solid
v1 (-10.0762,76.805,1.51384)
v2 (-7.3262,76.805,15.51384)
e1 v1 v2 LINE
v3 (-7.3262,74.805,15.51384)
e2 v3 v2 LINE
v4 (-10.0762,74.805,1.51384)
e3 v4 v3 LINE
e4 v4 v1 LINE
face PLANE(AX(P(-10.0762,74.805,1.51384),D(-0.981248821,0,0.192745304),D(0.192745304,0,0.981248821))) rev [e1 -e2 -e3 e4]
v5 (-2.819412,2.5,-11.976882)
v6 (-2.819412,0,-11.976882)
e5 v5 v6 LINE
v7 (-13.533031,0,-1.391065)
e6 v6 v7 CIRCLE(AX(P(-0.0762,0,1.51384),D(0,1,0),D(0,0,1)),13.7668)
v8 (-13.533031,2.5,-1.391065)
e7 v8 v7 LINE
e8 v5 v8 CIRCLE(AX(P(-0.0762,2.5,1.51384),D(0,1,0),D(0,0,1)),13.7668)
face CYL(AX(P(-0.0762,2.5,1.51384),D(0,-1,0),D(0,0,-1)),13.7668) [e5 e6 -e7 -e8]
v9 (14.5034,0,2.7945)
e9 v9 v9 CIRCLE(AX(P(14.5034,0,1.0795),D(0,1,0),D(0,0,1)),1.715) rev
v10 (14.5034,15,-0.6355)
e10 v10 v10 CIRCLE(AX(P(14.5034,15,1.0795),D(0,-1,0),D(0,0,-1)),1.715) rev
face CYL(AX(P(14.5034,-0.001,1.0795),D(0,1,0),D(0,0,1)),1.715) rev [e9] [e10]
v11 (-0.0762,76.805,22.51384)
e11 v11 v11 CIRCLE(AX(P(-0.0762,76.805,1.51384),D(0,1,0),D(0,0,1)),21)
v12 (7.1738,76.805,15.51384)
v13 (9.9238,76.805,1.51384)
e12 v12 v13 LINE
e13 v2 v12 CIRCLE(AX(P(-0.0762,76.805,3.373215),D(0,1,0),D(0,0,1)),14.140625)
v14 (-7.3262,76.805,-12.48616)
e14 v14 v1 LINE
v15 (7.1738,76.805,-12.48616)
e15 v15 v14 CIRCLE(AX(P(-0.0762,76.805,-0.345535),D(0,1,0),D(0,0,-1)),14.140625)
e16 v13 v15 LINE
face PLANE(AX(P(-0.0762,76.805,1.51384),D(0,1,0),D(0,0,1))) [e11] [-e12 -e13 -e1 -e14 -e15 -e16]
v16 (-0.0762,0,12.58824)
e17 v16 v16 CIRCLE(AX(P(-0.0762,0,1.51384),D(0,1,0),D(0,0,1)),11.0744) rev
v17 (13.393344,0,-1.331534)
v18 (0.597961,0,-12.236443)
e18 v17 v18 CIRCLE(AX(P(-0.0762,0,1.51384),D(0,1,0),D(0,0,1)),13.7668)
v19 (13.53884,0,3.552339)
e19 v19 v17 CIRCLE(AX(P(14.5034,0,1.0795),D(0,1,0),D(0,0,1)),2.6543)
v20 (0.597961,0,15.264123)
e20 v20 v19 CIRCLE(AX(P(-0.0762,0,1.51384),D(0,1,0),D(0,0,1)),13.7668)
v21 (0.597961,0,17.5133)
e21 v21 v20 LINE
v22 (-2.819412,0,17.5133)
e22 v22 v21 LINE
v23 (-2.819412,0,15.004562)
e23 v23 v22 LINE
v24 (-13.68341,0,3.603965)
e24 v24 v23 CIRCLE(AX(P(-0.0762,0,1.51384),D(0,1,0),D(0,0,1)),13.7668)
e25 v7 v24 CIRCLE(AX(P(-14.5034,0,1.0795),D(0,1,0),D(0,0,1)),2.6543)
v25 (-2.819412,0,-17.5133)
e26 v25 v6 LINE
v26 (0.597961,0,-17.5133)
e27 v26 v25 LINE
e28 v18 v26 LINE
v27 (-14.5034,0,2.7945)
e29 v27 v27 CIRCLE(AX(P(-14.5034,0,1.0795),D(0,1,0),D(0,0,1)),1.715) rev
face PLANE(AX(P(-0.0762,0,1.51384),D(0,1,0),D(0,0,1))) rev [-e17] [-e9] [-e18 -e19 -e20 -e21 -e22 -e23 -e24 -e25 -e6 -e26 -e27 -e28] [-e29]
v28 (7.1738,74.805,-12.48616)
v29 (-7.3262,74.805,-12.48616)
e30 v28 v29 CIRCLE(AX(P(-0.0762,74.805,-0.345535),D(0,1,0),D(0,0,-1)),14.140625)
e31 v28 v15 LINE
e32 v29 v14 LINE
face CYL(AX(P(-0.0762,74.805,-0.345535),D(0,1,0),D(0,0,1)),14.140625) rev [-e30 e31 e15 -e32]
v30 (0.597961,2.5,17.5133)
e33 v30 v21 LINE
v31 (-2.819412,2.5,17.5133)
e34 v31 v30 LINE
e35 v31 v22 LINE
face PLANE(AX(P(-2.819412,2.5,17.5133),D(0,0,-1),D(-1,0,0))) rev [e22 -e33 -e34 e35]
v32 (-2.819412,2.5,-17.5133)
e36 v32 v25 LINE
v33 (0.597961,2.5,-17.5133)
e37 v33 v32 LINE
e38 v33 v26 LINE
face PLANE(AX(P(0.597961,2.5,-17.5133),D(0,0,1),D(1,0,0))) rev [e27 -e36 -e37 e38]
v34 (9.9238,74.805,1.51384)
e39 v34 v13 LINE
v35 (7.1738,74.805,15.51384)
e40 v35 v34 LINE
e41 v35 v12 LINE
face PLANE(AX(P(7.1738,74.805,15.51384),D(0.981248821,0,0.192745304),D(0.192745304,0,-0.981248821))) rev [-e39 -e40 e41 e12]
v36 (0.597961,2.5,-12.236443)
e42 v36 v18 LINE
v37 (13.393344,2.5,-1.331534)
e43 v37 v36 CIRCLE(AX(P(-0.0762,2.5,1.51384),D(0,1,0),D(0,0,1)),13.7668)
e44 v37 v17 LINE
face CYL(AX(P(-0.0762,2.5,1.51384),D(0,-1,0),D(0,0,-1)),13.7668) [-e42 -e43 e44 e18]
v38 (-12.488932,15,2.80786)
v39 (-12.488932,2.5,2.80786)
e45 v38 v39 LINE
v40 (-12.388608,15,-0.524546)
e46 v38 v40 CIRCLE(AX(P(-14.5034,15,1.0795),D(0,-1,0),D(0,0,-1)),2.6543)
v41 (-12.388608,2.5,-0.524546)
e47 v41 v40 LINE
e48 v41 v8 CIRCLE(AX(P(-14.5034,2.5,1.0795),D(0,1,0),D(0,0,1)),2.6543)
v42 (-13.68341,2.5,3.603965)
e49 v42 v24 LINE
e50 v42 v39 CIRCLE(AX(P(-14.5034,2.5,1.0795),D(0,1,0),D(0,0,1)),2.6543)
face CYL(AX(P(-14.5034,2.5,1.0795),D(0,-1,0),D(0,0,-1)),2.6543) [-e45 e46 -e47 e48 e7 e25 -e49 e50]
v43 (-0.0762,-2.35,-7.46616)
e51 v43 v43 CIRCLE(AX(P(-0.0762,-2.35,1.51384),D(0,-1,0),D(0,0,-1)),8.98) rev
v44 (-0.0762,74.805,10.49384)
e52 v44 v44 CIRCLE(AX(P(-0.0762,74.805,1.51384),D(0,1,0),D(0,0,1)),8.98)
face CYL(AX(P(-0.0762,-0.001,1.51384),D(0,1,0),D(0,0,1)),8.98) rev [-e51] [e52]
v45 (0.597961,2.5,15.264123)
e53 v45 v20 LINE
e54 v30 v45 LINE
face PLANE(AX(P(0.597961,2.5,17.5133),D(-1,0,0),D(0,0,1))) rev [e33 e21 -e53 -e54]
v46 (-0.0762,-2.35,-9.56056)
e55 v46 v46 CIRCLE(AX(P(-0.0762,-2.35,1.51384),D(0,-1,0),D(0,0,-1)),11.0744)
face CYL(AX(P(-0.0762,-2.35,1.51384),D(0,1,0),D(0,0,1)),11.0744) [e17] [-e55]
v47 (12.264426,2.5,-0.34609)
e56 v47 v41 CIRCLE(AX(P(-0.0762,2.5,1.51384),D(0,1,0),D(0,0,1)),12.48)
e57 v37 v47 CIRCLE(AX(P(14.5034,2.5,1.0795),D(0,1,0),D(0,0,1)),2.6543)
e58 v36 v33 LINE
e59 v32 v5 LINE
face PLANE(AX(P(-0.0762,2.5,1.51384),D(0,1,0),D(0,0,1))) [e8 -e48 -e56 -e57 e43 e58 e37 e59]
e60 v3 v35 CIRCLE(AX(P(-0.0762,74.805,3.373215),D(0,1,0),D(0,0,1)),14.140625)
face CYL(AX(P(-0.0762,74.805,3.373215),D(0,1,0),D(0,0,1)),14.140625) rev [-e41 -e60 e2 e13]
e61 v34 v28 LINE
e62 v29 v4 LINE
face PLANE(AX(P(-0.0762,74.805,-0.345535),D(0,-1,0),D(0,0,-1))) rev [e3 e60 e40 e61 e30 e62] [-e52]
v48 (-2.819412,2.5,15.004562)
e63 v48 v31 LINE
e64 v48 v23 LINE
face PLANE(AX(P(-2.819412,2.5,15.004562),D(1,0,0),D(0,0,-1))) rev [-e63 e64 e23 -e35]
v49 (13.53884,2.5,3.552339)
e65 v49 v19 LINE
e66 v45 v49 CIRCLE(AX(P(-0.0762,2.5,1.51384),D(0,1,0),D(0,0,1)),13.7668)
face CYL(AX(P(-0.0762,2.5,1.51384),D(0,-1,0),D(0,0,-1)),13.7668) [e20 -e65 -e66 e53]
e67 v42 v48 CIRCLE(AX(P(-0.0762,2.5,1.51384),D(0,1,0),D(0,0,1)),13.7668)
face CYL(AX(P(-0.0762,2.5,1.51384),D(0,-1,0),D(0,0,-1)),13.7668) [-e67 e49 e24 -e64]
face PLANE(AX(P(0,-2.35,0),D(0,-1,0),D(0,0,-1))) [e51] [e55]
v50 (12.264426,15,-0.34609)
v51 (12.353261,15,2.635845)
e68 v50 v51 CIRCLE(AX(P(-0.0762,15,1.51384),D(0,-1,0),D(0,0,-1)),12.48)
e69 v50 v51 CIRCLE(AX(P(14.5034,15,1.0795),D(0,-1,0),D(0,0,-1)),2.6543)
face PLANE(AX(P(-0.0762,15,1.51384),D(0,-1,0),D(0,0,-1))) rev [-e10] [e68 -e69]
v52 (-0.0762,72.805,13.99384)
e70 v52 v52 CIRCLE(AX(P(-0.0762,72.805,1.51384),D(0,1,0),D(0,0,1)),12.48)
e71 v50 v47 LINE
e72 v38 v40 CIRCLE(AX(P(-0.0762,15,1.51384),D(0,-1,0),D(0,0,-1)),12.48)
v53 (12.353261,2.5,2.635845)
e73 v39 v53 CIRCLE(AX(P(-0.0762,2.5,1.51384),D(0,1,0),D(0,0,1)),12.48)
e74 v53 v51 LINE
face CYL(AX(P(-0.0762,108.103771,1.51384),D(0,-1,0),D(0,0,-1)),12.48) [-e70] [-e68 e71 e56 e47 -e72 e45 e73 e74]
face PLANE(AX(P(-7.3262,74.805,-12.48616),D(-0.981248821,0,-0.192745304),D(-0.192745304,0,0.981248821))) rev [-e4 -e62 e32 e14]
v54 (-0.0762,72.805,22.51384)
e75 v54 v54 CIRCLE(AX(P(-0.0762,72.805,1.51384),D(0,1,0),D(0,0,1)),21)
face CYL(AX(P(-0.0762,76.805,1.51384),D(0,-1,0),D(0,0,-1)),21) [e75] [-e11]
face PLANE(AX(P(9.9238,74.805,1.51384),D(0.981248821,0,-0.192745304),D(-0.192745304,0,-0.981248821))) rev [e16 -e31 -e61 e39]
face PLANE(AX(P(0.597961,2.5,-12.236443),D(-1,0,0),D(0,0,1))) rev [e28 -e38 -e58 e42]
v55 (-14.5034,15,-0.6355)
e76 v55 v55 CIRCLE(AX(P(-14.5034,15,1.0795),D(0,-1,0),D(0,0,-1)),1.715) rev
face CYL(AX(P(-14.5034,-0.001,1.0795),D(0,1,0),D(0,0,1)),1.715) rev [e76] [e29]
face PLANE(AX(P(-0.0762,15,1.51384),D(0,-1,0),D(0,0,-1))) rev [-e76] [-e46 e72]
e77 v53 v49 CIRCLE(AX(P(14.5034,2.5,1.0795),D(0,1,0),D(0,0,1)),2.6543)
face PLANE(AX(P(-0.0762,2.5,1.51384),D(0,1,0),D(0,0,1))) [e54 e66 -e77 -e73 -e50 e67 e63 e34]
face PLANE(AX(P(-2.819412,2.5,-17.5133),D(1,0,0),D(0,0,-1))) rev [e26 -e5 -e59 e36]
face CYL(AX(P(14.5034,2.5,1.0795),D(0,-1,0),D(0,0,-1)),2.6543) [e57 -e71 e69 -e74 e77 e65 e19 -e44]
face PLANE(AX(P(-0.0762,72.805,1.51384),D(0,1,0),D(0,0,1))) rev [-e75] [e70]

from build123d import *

# Parameters (mm, degrees)
BOSS_EXTRUDE1_DEPTH = 2.5
CUT_EXTRUDE1_REACH  = 26.645
SKETCH2_R           = 1.715
SKETCH2_R_2         = 8.98
SKETCH3_R           = 2.6543
BOSS_EXTRUDE2_DEPTH = 70.305
BOSS_EXTRUDE3_START = 4
SKETCH4_R           = 21
SKETCH4_R_2         = 8.98
BOSS_EXTRUDE3_DEPTH = 4
SKETCH6_R           = 21
SKETCH6_R_2         = 8.98
BOSS_EXTRUDE4_DEPTH = 2
CUT_EXTRUDE3_START  = -15
SKETCH7_R           = 1.715
CUT_EXTRUDE3_DEPTH  = 15
SKETCH8_R           = 8.98
CUT_EXTRUDE4_DEPTH  = 2
SKETCH9_R           = 11.0744
SKETCH9_R_2         = 8.98
BOSS_EXTRUDE5_DEPTH = 2.35
BOSS_EXTRUDE6_REACH = 82.451
SKETCH10_R          = 12.48
SKETCH10_R_2        = 8.98
SKETCH12_R          = 21
SKETCH12_R_2        = 12.48
CUT_EXTRUDE5_DEPTH  = 57.805


with BuildPart() as part:
    # Sketch1 → Boss-Extrude1 (new body)
    with BuildSketch(Plane(origin=(0, 0, 0), x_dir=(1, 0, 0), z_dir=(0, 1, 0))):
        with BuildLine():
            Line((0.597960958, 12.236443242), (0.597960958, 17.5133))
            Line((0.597960958, 17.5133), (-2.819411684, 17.5133))
            Line((-2.819411684, 17.5133), (-2.819411684, 11.976881697))
            ThreePointArc((-2.819411684, 11.976881697), (-9.752212861, 8.278991937), (-13.533031252, 1.391065316))
            ThreePointArc((-13.533031252, 1.391065316), (-17.156497956, -0.999626805), (-13.683409812, -3.603965207))
            ThreePointArc((-13.683409812, -3.603965207), (-10.042516815, -11.01106651), (-2.819411684, -15.004561697))
            Line((-2.819411684, -15.004561697), (-2.819411684, -17.5133))
            Line((-2.819411684, -17.5133), (0.597960958, -17.5133))
            Line((0.597960958, -17.5133), (0.597960958, -15.264123242))
            ThreePointArc((0.597960958, -15.264123242), (9.161591247, -11.721092084), (13.538839655, -3.55233882))
            ThreePointArc((13.538839655, -3.55233882), (17.156522938, -1.000460972), (13.393344487, 1.331534062))
            ThreePointArc((13.393344487, 1.331534062), (8.853545908, 8.96396608), (0.597960958, 12.236443242))
        make_face()
    extrude(amount=BOSS_EXTRUDE1_DEPTH)

    # Sketch2 → Cut-Extrude1 (cut, up to next)
    with BuildSketch(Plane(origin=(0, 2.5, 0), x_dir=(1, 0, 0), z_dir=(0, 1, 0)), mode=Mode.PRIVATE) as cut_extrude1_sk1:
        with Locations(Location((-14.5034, -1.0795, 0), (0, 0, 270))):
            Circle(SKETCH2_R)
    cut_extrude1_tool1 = extrude(cut_extrude1_sk1.sketch, amount=-CUT_EXTRUDE1_REACH, mode=Mode.PRIVATE) & part.part
    # Sketch2 → Cut-Extrude1 (cut, up to next)
    with BuildSketch(Plane(origin=(0, 2.5, 0), x_dir=(1, 0, 0), z_dir=(0, 1, 0)), mode=Mode.PRIVATE) as cut_extrude1_sk2:
        with Locations(Location((14.5034, -1.0795, 0), (0, 0, 270))):
            Circle(SKETCH2_R)
    cut_extrude1_tool2 = extrude(cut_extrude1_sk2.sketch, amount=-CUT_EXTRUDE1_REACH, mode=Mode.PRIVATE) & part.part
    # Sketch2 → Cut-Extrude1 (cut, up to next)
    with BuildSketch(Plane(origin=(0, 2.5, 0), x_dir=(1, 0, 0), z_dir=(0, 1, 0)), mode=Mode.PRIVATE) as cut_extrude1_sk3:
        with Locations(Location((-0.0762, -1.51384, 0), (0, 0, 270))):
            Circle(SKETCH2_R_2)
    cut_extrude1_tool3 = extrude(cut_extrude1_sk3.sketch, amount=-CUT_EXTRUDE1_REACH, mode=Mode.PRIVATE) & part.part
    add(cut_extrude1_tool1.solids().sort_by_distance((-14.5034, 2.5, 1.0795))[0], mode=Mode.SUBTRACT)
    add(cut_extrude1_tool2.solids().sort_by_distance((14.5034, 2.5, 1.0795))[0], mode=Mode.SUBTRACT)
    add(cut_extrude1_tool3.solids().sort_by_distance((-0.0762, 2.5, 1.51384))[0], mode=Mode.SUBTRACT)

    # Sketch3 → Boss-Extrude2 (add)
    with BuildSketch(Plane(origin=(0, 2.5, 0), x_dir=(1, 0, 0), z_dir=(0, 1, 0))):
        with Locations(Location((-14.5034, -1.0795, 0), (0, 0, 68.556492541))):
            Circle(SKETCH3_R)
        with Locations(Location((14.5034, -1.0795, 0), (0, 0, 114.72164566))):
            Circle(SKETCH3_R)
    extrude(amount=BOSS_EXTRUDE2_DEPTH)

    # Sketch4 → Boss-Extrude3 (add)
    with BuildSketch(Plane(origin=(0, 72.805, 0), x_dir=(1, 0, 0), z_dir=(0, 1, 0)).offset(BOSS_EXTRUDE3_START)):
        with Locations(Location((-0.0762, -1.51384, 0), (0, 0, 270))):
            Circle(SKETCH4_R)
        with Locations(Location((-0.0762, -1.51384, 0), (0, 0, 270))):
            Circle(SKETCH4_R_2, mode=Mode.SUBTRACT)
    extrude(amount=-BOSS_EXTRUDE3_DEPTH)

    # Sketch6 → Boss-Extrude4 (add)
    with BuildSketch(Plane(origin=(0, 37.805, 0), x_dir=(-1, 0, 0), z_dir=(0, -1, 0))):
        with Locations(Location((0.0762, -1.51384, 0), (0, 0, 90))):
            Circle(SKETCH6_R)
        with Locations(Location((0.0762, -1.51384, 0), (0, 0, 270))):
            Circle(SKETCH6_R_2, mode=Mode.SUBTRACT)
    extrude(amount=BOSS_EXTRUDE4_DEPTH)

    # Sketch7 → Cut-Extrude3 (cut)
    with BuildSketch(Plane.XZ.offset(CUT_EXTRUDE3_START)):
        with Locations(Location((-14.5034, 1.0795, 0), (0, 0, 90))):
            Circle(SKETCH7_R)
        with Locations(Location((14.5034, 1.0795, 0), (0, 0, 90))):
            Circle(SKETCH7_R)
    extrude(amount=CUT_EXTRUDE3_DEPTH, mode=Mode.SUBTRACT)

    # Sketch8 → Cut-Extrude4 (cut)
    with BuildSketch(Plane(origin=(0, 76.805, 0), x_dir=(1, 0, 0), z_dir=(0, 1, 0))):
        with BuildLine():
            Line((-10.0762, -1.51384), (-7.3262, -15.51384))
            ThreePointArc((-7.3262, -15.51384), (-0.0762, -17.51384), (7.1738, -15.51384))
            Line((7.1738, -15.51384), (9.9238, -1.51384))
            Line((9.9238, -1.51384), (7.1738, 12.48616))
            ThreePointArc((7.1738, 12.48616), (-0.0762, 14.48616), (-7.3262, 12.48616))
            Line((-7.3262, 12.48616), (-10.0762, -1.51384))
        make_face()
        with Locations(Location((-0.0762, -1.51384, 0), (0, 0, 270))):
            Circle(SKETCH8_R, mode=Mode.SUBTRACT)
    extrude(amount=-CUT_EXTRUDE4_DEPTH, mode=Mode.SUBTRACT)

    # Sketch9 → Boss-Extrude5 (add)
    with BuildSketch(Plane.XZ):
        with Locations(Location((-0.0762, 1.51384, 0), (0, 0, 90))):
            Circle(SKETCH9_R)
        with Locations(Location((-0.0762, 1.51384, 0), (0, 0, 90))):
            Circle(SKETCH9_R_2, mode=Mode.SUBTRACT)
    extrude(amount=BOSS_EXTRUDE5_DEPTH)

    # Boss-Extrude6: up to this face of the body (flat: up to its plane)
    boss_extrude6_end = Plane(part.part.faces().sort_by_distance((-0.0762, 72.805, -18.892190304))[0])
    # Sketch10 → Boss-Extrude6 (add, up to the picked face)
    with BuildSketch(Plane(origin=(0, 2.5, 0), x_dir=(1, 0, 0), z_dir=(0, 1, 0)), mode=Mode.PRIVATE) as boss_extrude6_sk1:
        with Locations((-0.0762, -1.51384)):
            Circle(SKETCH10_R)
        with Locations(Location((-0.0762, -1.51384, 0), (0, 0, 270))):
            Circle(SKETCH10_R_2, mode=Mode.SUBTRACT)
    boss_extrude6_tool1 = split(extrude(boss_extrude6_sk1.sketch, amount=BOSS_EXTRUDE6_REACH, mode=Mode.PRIVATE), bisect_by=boss_extrude6_end, keep=Keep.BOTH, mode=Mode.PRIVATE)
    add(boss_extrude6_tool1.solids().sort_by(Axis((-12.203212, 2.5, 1.51384), (0, 1, 0)))[0])

    # Sketch12 → Cut-Extrude5 (cut)
    with BuildSketch(Plane.XZ.offset(-15)):
        with Locations(Location((-0.0762, 1.51384, 0), (0, 0, 90))):
            Circle(SKETCH12_R)
        with Locations(Location((-0.0762, 1.51384, 0), (0, 0, 189.400360909))):
            Circle(SKETCH12_R_2, mode=Mode.SUBTRACT)
    extrude(amount=-CUT_EXTRUDE5_DEPTH, mode=Mode.SUBTRACT)


solid = part.part
